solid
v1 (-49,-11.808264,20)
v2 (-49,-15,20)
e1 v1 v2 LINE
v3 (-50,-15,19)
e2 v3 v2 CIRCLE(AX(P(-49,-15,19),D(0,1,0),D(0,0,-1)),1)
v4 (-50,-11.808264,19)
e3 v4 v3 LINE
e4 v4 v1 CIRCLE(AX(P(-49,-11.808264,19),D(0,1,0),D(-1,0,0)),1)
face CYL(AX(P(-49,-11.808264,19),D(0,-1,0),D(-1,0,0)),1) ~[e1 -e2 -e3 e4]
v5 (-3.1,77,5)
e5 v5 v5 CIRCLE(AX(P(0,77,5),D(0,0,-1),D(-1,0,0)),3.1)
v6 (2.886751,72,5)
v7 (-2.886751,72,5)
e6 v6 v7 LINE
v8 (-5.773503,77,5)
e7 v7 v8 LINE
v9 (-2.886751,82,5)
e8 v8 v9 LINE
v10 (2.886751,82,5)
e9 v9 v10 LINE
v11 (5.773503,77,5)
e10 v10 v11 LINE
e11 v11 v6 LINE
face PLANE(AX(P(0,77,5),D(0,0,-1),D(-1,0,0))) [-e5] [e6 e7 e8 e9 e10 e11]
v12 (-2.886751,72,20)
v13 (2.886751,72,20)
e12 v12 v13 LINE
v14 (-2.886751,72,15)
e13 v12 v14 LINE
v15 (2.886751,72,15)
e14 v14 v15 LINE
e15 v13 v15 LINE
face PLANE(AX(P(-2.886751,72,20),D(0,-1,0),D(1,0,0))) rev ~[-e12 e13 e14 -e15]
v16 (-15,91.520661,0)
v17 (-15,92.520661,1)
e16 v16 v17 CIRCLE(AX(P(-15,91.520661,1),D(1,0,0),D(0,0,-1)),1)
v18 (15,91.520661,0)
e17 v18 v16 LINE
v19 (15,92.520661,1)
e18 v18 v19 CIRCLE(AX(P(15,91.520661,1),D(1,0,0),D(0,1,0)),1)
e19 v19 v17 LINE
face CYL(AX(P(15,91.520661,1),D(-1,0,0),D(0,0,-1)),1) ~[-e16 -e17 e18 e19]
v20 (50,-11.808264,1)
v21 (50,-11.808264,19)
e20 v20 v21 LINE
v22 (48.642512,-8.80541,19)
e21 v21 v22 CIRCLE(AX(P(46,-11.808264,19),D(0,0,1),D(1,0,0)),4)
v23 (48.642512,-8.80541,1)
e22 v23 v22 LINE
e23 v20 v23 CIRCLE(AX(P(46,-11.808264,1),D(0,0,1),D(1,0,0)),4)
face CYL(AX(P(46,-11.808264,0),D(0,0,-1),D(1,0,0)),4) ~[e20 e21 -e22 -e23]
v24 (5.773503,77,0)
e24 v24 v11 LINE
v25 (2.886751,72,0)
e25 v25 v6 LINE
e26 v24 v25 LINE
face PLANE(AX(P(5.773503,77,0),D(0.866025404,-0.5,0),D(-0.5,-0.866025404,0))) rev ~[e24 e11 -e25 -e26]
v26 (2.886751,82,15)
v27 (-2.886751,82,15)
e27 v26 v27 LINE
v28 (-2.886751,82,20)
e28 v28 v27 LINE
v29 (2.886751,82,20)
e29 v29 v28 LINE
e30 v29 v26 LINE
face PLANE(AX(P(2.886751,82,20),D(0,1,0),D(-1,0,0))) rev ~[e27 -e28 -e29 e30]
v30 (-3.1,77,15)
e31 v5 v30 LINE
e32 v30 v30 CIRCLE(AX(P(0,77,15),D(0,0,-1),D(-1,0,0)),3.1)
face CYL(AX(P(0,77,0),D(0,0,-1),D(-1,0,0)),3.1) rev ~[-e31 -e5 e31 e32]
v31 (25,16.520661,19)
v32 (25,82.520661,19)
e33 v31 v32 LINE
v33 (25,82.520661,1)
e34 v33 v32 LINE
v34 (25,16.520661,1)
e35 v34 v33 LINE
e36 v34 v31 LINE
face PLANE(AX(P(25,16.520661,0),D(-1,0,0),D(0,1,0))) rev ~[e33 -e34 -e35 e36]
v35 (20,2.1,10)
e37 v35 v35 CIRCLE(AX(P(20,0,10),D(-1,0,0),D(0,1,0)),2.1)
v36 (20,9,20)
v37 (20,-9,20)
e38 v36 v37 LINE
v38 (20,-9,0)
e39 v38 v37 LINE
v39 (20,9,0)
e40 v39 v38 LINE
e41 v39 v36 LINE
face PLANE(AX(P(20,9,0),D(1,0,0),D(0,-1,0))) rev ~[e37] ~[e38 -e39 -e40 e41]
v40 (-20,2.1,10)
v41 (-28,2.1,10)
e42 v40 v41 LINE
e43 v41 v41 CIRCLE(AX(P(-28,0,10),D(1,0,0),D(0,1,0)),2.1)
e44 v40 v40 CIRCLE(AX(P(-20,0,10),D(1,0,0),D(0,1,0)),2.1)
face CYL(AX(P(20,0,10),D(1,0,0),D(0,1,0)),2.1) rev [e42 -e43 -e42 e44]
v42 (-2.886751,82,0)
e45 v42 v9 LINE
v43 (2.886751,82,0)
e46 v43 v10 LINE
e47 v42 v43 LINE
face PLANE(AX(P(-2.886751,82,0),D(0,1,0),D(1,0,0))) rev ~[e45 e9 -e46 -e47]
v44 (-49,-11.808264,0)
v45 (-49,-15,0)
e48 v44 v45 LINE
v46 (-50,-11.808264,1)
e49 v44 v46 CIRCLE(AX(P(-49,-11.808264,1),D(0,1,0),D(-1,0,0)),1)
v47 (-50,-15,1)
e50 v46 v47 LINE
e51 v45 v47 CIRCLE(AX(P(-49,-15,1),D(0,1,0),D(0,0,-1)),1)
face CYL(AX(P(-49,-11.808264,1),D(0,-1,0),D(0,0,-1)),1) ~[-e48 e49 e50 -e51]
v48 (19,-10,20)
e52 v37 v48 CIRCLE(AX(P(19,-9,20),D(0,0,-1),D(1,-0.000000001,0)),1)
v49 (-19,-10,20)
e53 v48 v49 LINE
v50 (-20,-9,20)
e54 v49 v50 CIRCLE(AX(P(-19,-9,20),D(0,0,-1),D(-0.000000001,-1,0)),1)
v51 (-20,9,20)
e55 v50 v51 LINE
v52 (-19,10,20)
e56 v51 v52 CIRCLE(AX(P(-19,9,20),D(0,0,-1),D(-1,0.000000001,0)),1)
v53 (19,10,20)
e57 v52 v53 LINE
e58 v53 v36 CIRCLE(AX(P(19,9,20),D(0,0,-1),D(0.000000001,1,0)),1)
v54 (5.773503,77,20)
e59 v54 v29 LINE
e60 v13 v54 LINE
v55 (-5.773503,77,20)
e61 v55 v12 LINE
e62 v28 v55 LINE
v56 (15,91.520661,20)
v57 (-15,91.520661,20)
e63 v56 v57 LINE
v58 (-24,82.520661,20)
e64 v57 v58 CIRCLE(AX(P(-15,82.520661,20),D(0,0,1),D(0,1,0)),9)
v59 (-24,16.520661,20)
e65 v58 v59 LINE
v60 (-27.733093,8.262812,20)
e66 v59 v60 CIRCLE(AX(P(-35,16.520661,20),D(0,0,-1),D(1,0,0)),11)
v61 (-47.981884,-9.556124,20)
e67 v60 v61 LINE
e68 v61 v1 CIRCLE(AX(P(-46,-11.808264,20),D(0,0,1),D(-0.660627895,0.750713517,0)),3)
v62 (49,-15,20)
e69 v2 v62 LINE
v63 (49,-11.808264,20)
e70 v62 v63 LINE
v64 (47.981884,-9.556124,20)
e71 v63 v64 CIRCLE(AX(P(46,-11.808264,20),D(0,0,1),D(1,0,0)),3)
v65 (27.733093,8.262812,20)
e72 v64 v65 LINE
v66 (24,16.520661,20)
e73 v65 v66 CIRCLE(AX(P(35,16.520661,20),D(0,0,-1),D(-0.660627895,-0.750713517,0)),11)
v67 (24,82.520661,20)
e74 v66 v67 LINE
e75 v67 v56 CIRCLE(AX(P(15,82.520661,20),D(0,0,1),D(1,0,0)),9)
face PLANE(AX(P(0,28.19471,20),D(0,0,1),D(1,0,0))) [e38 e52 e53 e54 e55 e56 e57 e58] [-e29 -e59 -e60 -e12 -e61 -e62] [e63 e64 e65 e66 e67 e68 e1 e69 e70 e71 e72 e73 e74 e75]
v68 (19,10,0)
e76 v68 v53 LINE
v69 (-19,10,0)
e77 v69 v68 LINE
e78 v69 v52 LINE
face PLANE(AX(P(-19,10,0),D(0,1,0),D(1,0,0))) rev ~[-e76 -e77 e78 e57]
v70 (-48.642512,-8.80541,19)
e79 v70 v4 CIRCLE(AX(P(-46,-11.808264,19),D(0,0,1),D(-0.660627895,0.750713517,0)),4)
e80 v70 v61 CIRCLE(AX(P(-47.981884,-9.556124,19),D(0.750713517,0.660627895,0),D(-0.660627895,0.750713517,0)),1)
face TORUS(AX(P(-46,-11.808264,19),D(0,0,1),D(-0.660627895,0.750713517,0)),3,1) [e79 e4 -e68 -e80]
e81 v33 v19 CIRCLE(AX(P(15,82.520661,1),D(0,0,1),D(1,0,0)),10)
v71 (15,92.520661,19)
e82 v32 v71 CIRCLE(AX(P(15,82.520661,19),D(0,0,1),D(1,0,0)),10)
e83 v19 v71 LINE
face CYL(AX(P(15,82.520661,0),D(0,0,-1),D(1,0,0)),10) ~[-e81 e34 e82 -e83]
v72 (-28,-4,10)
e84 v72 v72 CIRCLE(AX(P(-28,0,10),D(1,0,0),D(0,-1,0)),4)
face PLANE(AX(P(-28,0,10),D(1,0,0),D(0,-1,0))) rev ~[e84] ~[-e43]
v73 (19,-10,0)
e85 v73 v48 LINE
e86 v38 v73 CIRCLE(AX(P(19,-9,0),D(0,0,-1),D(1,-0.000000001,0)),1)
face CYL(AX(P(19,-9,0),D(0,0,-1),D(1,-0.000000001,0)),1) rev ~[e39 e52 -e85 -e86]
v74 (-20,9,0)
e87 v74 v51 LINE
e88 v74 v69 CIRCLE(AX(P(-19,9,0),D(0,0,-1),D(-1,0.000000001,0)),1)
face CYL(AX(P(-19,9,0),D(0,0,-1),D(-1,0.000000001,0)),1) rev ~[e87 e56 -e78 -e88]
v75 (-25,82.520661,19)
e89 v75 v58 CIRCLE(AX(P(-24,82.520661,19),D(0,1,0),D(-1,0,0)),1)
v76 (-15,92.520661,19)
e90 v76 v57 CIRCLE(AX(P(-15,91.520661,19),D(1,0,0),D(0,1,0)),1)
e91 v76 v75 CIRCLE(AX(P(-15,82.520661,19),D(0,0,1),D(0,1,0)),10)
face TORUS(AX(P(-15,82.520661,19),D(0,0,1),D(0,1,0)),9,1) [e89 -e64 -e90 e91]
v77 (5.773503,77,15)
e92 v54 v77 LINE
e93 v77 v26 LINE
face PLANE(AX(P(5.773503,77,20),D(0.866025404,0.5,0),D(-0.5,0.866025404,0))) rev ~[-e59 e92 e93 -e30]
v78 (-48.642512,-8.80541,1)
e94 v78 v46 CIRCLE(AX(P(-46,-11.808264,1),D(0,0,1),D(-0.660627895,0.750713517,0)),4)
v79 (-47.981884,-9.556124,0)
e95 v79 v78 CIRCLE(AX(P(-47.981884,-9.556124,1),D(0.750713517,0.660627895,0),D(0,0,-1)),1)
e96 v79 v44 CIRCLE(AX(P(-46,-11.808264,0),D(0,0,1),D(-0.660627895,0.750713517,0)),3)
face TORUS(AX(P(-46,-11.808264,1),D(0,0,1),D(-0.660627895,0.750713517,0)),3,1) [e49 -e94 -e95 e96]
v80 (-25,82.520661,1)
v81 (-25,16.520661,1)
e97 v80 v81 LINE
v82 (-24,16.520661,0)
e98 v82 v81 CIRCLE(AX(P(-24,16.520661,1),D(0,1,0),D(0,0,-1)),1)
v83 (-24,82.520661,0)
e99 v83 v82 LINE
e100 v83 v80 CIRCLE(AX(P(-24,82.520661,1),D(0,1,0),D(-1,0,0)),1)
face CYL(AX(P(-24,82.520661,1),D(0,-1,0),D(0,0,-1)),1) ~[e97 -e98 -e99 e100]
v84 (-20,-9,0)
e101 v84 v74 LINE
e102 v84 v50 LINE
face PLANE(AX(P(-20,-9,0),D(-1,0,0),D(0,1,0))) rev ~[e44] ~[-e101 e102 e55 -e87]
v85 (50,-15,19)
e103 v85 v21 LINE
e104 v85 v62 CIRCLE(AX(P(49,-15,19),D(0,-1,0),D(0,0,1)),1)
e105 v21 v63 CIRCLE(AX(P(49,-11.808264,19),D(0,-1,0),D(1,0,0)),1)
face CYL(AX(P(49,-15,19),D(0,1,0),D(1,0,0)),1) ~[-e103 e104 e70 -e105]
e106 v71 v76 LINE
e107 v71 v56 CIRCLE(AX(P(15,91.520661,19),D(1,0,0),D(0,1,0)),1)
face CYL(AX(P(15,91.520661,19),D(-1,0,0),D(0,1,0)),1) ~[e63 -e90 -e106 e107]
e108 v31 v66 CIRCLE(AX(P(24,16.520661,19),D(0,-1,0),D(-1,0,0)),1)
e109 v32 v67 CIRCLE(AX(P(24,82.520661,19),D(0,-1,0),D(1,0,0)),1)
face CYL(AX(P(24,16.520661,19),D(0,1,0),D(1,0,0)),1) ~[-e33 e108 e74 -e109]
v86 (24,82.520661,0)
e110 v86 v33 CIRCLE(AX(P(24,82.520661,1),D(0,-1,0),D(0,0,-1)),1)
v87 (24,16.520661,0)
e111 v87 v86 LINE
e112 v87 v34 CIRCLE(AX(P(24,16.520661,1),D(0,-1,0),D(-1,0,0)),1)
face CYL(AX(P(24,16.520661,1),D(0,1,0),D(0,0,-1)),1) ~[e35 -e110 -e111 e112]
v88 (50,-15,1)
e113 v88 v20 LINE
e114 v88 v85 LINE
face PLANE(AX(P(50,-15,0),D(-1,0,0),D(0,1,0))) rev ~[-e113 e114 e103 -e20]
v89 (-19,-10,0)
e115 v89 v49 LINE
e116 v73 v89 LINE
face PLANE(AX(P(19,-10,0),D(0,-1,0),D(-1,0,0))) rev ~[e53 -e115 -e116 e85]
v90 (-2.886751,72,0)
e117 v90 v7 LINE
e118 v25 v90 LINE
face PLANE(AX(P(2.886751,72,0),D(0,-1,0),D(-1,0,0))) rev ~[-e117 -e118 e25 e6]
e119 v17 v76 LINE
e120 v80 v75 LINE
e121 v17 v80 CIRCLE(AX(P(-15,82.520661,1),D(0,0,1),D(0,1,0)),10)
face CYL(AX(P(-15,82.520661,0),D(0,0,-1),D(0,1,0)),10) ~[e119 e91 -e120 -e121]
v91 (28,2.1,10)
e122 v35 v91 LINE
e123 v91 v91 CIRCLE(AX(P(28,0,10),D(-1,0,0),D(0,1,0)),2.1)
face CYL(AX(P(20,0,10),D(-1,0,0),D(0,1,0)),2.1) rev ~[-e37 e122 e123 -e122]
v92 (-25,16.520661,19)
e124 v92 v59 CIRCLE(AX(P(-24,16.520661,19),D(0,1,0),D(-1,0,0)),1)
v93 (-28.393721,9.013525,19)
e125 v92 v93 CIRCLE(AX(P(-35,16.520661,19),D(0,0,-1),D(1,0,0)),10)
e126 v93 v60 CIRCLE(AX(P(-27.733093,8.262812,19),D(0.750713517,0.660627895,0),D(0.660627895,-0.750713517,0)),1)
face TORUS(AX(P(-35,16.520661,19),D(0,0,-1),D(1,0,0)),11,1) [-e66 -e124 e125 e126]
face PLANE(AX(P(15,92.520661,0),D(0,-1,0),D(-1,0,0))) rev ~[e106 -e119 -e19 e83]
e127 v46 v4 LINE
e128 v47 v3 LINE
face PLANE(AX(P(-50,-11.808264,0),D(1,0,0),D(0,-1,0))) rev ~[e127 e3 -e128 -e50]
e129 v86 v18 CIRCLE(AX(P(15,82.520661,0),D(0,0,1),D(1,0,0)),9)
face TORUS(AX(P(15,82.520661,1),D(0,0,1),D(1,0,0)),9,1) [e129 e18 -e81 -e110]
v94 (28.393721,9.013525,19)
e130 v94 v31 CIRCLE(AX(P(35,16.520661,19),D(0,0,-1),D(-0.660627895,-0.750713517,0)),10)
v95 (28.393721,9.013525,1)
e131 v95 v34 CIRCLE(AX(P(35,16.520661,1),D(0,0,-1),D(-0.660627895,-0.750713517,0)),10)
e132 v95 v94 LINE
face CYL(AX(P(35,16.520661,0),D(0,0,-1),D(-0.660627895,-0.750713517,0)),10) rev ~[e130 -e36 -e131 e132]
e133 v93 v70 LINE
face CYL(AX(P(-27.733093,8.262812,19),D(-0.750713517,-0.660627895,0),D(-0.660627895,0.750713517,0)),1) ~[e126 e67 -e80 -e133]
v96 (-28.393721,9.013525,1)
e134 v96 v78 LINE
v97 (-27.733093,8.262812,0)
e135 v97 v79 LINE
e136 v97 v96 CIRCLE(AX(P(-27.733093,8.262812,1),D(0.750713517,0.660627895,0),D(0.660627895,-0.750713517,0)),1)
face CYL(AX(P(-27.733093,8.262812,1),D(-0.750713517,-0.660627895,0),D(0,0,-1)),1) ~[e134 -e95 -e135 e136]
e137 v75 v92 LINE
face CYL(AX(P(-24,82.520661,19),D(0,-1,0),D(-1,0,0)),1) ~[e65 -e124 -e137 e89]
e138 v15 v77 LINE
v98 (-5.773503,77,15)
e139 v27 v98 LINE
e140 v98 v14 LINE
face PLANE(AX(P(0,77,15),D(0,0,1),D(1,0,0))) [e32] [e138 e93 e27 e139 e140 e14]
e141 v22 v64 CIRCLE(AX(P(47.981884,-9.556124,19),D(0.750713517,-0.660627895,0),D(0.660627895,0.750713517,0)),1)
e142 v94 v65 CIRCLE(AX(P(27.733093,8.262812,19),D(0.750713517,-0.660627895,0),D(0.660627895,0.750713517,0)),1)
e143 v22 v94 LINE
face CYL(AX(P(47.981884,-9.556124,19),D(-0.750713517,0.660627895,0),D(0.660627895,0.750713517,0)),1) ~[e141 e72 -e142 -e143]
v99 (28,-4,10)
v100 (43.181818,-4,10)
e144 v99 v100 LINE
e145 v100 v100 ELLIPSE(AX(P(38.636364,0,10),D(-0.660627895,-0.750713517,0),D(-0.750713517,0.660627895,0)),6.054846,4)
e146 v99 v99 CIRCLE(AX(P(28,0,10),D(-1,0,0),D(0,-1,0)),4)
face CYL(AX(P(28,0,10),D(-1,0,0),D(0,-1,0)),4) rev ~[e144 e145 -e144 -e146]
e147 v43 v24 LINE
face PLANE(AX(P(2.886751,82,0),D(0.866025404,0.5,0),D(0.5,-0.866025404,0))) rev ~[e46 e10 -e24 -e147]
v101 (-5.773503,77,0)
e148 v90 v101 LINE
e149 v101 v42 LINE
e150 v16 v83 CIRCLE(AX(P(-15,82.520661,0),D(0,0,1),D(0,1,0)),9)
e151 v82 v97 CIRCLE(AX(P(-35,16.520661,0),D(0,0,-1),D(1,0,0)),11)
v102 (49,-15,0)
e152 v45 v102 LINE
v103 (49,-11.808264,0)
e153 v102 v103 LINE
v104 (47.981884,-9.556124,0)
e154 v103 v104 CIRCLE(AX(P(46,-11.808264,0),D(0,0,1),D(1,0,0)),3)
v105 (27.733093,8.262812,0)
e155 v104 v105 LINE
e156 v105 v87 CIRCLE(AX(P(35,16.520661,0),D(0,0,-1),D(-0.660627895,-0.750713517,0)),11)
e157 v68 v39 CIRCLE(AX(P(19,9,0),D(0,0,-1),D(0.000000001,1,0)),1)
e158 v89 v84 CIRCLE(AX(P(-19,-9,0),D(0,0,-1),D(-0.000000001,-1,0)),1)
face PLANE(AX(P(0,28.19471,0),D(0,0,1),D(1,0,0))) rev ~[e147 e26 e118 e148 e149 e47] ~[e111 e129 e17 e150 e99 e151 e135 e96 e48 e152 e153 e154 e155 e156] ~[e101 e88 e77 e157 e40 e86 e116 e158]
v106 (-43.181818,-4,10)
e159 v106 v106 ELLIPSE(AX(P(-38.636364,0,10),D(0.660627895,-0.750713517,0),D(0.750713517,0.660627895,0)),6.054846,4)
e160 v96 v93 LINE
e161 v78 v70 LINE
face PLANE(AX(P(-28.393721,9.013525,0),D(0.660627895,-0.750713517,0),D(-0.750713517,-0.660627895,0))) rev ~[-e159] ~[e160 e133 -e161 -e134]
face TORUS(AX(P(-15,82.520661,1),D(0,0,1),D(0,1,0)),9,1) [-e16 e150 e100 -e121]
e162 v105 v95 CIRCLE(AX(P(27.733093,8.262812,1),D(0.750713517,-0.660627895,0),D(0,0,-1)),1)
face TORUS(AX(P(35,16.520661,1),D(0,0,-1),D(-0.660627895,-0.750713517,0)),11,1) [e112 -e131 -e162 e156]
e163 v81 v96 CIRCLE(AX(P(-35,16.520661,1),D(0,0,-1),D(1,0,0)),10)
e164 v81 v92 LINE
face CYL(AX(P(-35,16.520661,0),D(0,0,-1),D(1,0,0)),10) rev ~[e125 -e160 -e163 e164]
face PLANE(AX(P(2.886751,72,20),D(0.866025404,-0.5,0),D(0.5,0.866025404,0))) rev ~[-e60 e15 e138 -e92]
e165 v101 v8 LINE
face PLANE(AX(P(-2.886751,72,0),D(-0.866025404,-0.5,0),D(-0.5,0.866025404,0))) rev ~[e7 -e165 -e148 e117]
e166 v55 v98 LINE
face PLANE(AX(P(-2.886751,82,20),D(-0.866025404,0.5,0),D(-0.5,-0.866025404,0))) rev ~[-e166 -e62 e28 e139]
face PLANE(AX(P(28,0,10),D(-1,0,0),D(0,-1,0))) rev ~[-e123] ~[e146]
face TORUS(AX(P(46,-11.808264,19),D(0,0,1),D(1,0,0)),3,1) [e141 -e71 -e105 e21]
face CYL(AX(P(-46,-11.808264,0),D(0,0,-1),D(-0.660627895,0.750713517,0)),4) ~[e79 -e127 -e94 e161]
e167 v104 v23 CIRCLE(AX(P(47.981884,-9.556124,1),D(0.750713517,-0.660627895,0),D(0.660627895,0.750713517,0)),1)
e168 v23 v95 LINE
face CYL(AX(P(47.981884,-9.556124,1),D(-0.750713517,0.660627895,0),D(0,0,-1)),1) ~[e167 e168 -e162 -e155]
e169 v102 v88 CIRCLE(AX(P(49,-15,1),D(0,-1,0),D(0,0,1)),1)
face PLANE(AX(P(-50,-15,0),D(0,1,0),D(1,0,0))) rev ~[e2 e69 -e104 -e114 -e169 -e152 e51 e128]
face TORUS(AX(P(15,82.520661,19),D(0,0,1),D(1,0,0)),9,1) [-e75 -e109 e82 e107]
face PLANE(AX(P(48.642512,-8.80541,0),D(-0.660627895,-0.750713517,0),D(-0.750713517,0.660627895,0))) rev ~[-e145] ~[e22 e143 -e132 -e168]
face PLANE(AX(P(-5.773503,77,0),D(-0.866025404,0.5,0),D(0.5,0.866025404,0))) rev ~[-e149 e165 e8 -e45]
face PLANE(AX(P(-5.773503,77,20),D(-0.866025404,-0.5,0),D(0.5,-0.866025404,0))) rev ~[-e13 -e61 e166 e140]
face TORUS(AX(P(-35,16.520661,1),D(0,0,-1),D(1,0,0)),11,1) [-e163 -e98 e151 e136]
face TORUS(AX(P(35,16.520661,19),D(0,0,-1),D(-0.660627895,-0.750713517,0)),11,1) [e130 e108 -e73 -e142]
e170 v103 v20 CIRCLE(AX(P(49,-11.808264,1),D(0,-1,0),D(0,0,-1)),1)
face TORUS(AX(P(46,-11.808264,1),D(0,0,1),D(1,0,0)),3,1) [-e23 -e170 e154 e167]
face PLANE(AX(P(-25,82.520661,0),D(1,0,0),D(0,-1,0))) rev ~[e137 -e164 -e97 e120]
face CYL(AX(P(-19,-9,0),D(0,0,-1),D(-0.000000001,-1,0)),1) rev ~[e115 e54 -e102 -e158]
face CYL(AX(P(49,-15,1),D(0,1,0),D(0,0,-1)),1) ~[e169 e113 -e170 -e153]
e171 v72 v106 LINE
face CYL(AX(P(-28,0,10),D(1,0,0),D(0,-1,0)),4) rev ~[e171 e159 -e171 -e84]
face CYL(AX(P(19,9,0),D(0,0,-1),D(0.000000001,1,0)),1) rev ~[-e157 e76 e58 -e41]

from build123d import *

# Parameters (mm, degrees)
BOSS_EXTRUDE1_DEPTH            = 20
CUT_EXTRUDE7_REACH             = 109.052
SKETCH8_R                      = 3.1
FILLET1_R                      = 1
CUT_EXTRUDE8_REACH             = 119.729
SKETCH9_R                      = 2.1
CUT_EXTRUDE8_DIRECTION_2_REACH = 119.729
CUT_EXTRUDE9_REACH             = 127.729
CUT_EXTRUDE9_START             = -8
SKETCH10_R                     = 4
CUT_EXTRUDE10_REACH            = 127.729
CUT_EXTRUDE10_START            = -8
SKETCH11_R                     = 4
CUT_EXTRUDE11_DEPTH            = 5
CUT_EXTRUDE12_DEPTH            = 5


with BuildPart() as part:
    # Sketch1 → Boss-Extrude1 (new body)
    with BuildSketch(Plane.XY):
        with BuildLine():
            Line((-50, -15), (50, -15))
            Line((50, -15), (50, -11.808264258))
            ThreePointArc((50, -11.808264258), (49.644862571, -10.16054558), (48.64251158, -8.80541019))
            Line((48.64251158, -8.80541019), (28.393721051, 9.013525475))
            ThreePointArc((28.393721051, 9.013525475), (25.887843573, 12.40136395), (25, 16.520660644))
            Line((25, 16.520660644), (25, 82.520660644))
            ThreePointArc((25, 82.520660644), (22.071067812, 89.591728456), (15, 92.520660644))
            Line((15, 92.520660644), (-15, 92.520660644))
            ThreePointArc((-15, 92.520660644), (-22.071067812, 89.591728456), (-25, 82.520660644))
            Line((-25, 82.520660644), (-25, 16.520660644))
            ThreePointArc((-25, 16.520660644), (-25.887843573, 12.40136395), (-28.393721051, 9.013525475))
            Line((-28.393721051, 9.013525475), (-48.64251158, -8.80541019))
            ThreePointArc((-48.64251158, -8.80541019), (-49.644862571, -10.16054558), (-50, -11.808264258))
            Line((-50, -11.808264258), (-50, -15))
        make_face()
        with BuildLine():
            Line((-19, 10), (19, 10))
            ThreePointArc((19, 10), (19.707106781, 9.707106781), (20, 9))
            Line((20, 9), (20, -9))
            ThreePointArc((20, -9), (19.707106781, -9.707106781), (19, -10))
            Line((19, -10), (-19, -10))
            ThreePointArc((-19, -10), (-19.707106781, -9.707106781), (-20, -9))
            Line((-20, -9), (-20, 9))
            ThreePointArc((-20, 9), (-19.707106781, 9.707106781), (-19, 10))
        make_face(mode=Mode.SUBTRACT)
    extrude(amount=BOSS_EXTRUDE1_DEPTH)

    # Sketch8 → Cut-Extrude7 (cut, up to next)
    with BuildSketch(Plane(origin=(0, 0, 0), x_dir=(-1, 0, 0), z_dir=(0, 0, -1)), mode=Mode.PRIVATE) as cut_extrude7_sk1:
        with Locations((0, 77)):
            Circle(SKETCH8_R)
    cut_extrude7_tool1 = extrude(cut_extrude7_sk1.sketch, amount=-CUT_EXTRUDE7_REACH, mode=Mode.PRIVATE) & part.part
    add(cut_extrude7_tool1.solids().sort_by_distance((0, 77, 0))[0], mode=Mode.SUBTRACT)

    # Fillet1
    fillet1_edges = [part.edges().sort_by_distance(p)[0] for p in [
        (50, -13.404132129, 20),
        (-49.644862571, -10.16054558, 0),
        (-38.518116315, 0.104057643, 0),
        (49.644862571, -10.16054558, 20),
        (-25.887843573, 12.40136395, 0),
        (-25, 49.520660644, 0),
        (-22.071067812, 89.591728456, 0),
        (0, 92.520660644, 0),
        (22.071067812, 89.591728456, 0),
        (25, 49.520660644, 0),
        (25.887843573, 12.40136395, 0),
        (38.518116315, 0.104057643, 20),
        (38.518116315, 0.104057643, 0),
        (49.644862571, -10.16054558, 0),
        (50, -13.404132129, 0),
        (-50, -13.404132129, 0),
        (25.887843573, 12.40136395, 20),
        (25, 49.520660644, 20),
        (22.071067812, 89.591728456, 20),
        (0, 92.520660644, 20),
        (-22.071067812, 89.591728456, 20),
        (-25, 49.520660644, 20),
        (-25.887843573, 12.40136395, 20),
        (-50, -13.404132129, 20),
        (-38.518116315, 0.104057643, 20),
        (-49.644862571, -10.16054558, 20),
    ]]
    fillet(fillet1_edges, radius=FILLET1_R)

    # Sketch9 → Cut-Extrude8 (cut, up to next)
    with BuildSketch(Plane.ZY.offset(-20), mode=Mode.PRIVATE) as cut_extrude8_sk1:
        with Locations(Location((10, 0, 0), (0, 0, 90))):
            Circle(SKETCH9_R)
    cut_extrude8_tool1 = extrude(cut_extrude8_sk1.sketch, amount=-CUT_EXTRUDE8_REACH, mode=Mode.PRIVATE) & part.part
    add(cut_extrude8_tool1.solids().sort_by_distance((20, 0, 10))[0], mode=Mode.SUBTRACT)

    # Sketch9 → Cut-Extrude8 direction 2 (cut, up to next)
    with BuildSketch(Plane.ZY.offset(-20), mode=Mode.PRIVATE) as cut_extrude8_direction_2_sk1:
        with Locations(Location((10, 0, 0), (0, 0, 90))):
            Circle(SKETCH9_R)
    cut_extrude8_direction_2_tool1 = extrude(cut_extrude8_direction_2_sk1.sketch, amount=CUT_EXTRUDE8_DIRECTION_2_REACH, mode=Mode.PRIVATE) & part.part
    add(cut_extrude8_direction_2_tool1.solids().sort_by_distance((20, 0, 10))[0], mode=Mode.SUBTRACT)

    # Cut-Extrude9: up to this plane
    cut_extrude9_end = Plane(origin=(48.64251158, -8.80541019, 20), z_dir=(-0.660627894892025, -0.750713516922755, 0))
    # Sketch10 → Cut-Extrude9 (cut, up to the surface)
    with BuildSketch(Plane.ZY.offset(-20).offset(CUT_EXTRUDE9_START), mode=Mode.PRIVATE) as cut_extrude9_sk1:
        with Locations(Location((10, 0, 0), (0, 0, 270))):
            Circle(SKETCH10_R)
    cut_extrude9_tool1 = split(extrude(cut_extrude9_sk1.sketch, amount=-CUT_EXTRUDE9_REACH, mode=Mode.PRIVATE), bisect_by=cut_extrude9_end, keep=Keep.BOTH, mode=Mode.PRIVATE)
    add(cut_extrude9_tool1.solids().sort_by_distance((28, 0, 10))[0], mode=Mode.SUBTRACT)

    # Cut-Extrude10: up to this plane
    cut_extrude10_end = Plane(origin=(-48.64251158, -8.80541019, 20), z_dir=(0.6606278948920247, -0.7507135169227553, 0))
    # Sketch11 → Cut-Extrude10 (cut, up to the surface)
    with BuildSketch(Plane(origin=(-20, 0, 0), x_dir=(0, 0, -1), z_dir=(1, 0, 0)).offset(CUT_EXTRUDE10_START), mode=Mode.PRIVATE) as cut_extrude10_sk1:
        with Locations(Location((-10, 0, 0), (0, 0, 270))):
            Circle(SKETCH11_R)
    cut_extrude10_tool1 = split(extrude(cut_extrude10_sk1.sketch, amount=-CUT_EXTRUDE10_REACH, mode=Mode.PRIVATE), bisect_by=cut_extrude10_end, keep=Keep.BOTH, mode=Mode.PRIVATE)
    add(cut_extrude10_tool1.solids().sort_by_distance((-28, 0, 10))[0], mode=Mode.SUBTRACT)

    # Sketch12 → Cut-Extrude11 (cut)
    with BuildSketch(Plane(origin=(0, 0, 0), x_dir=(-1, 0, 0), z_dir=(0, 0, -1))):
        Polygon((5.773502692, 77), (2.886751346, 82), (-2.886751346, 82), (-5.773502692, 77), (-2.886751346, 72), (2.886751346, 72), align=None)
    extrude(amount=-CUT_EXTRUDE11_DEPTH, mode=Mode.SUBTRACT)

    # Sketch13 → Cut-Extrude12 (cut)
    with BuildSketch(Plane.XY.offset(20)):
        Polygon((5.773502692, 77), (2.886751346, 82), (-2.886751346, 82), (-5.773502692, 77), (-2.886751346, 72), (2.886751346, 72), align=None)
    extrude(amount=-CUT_EXTRUDE12_DEPTH, mode=Mode.SUBTRACT)


solid = part.part
